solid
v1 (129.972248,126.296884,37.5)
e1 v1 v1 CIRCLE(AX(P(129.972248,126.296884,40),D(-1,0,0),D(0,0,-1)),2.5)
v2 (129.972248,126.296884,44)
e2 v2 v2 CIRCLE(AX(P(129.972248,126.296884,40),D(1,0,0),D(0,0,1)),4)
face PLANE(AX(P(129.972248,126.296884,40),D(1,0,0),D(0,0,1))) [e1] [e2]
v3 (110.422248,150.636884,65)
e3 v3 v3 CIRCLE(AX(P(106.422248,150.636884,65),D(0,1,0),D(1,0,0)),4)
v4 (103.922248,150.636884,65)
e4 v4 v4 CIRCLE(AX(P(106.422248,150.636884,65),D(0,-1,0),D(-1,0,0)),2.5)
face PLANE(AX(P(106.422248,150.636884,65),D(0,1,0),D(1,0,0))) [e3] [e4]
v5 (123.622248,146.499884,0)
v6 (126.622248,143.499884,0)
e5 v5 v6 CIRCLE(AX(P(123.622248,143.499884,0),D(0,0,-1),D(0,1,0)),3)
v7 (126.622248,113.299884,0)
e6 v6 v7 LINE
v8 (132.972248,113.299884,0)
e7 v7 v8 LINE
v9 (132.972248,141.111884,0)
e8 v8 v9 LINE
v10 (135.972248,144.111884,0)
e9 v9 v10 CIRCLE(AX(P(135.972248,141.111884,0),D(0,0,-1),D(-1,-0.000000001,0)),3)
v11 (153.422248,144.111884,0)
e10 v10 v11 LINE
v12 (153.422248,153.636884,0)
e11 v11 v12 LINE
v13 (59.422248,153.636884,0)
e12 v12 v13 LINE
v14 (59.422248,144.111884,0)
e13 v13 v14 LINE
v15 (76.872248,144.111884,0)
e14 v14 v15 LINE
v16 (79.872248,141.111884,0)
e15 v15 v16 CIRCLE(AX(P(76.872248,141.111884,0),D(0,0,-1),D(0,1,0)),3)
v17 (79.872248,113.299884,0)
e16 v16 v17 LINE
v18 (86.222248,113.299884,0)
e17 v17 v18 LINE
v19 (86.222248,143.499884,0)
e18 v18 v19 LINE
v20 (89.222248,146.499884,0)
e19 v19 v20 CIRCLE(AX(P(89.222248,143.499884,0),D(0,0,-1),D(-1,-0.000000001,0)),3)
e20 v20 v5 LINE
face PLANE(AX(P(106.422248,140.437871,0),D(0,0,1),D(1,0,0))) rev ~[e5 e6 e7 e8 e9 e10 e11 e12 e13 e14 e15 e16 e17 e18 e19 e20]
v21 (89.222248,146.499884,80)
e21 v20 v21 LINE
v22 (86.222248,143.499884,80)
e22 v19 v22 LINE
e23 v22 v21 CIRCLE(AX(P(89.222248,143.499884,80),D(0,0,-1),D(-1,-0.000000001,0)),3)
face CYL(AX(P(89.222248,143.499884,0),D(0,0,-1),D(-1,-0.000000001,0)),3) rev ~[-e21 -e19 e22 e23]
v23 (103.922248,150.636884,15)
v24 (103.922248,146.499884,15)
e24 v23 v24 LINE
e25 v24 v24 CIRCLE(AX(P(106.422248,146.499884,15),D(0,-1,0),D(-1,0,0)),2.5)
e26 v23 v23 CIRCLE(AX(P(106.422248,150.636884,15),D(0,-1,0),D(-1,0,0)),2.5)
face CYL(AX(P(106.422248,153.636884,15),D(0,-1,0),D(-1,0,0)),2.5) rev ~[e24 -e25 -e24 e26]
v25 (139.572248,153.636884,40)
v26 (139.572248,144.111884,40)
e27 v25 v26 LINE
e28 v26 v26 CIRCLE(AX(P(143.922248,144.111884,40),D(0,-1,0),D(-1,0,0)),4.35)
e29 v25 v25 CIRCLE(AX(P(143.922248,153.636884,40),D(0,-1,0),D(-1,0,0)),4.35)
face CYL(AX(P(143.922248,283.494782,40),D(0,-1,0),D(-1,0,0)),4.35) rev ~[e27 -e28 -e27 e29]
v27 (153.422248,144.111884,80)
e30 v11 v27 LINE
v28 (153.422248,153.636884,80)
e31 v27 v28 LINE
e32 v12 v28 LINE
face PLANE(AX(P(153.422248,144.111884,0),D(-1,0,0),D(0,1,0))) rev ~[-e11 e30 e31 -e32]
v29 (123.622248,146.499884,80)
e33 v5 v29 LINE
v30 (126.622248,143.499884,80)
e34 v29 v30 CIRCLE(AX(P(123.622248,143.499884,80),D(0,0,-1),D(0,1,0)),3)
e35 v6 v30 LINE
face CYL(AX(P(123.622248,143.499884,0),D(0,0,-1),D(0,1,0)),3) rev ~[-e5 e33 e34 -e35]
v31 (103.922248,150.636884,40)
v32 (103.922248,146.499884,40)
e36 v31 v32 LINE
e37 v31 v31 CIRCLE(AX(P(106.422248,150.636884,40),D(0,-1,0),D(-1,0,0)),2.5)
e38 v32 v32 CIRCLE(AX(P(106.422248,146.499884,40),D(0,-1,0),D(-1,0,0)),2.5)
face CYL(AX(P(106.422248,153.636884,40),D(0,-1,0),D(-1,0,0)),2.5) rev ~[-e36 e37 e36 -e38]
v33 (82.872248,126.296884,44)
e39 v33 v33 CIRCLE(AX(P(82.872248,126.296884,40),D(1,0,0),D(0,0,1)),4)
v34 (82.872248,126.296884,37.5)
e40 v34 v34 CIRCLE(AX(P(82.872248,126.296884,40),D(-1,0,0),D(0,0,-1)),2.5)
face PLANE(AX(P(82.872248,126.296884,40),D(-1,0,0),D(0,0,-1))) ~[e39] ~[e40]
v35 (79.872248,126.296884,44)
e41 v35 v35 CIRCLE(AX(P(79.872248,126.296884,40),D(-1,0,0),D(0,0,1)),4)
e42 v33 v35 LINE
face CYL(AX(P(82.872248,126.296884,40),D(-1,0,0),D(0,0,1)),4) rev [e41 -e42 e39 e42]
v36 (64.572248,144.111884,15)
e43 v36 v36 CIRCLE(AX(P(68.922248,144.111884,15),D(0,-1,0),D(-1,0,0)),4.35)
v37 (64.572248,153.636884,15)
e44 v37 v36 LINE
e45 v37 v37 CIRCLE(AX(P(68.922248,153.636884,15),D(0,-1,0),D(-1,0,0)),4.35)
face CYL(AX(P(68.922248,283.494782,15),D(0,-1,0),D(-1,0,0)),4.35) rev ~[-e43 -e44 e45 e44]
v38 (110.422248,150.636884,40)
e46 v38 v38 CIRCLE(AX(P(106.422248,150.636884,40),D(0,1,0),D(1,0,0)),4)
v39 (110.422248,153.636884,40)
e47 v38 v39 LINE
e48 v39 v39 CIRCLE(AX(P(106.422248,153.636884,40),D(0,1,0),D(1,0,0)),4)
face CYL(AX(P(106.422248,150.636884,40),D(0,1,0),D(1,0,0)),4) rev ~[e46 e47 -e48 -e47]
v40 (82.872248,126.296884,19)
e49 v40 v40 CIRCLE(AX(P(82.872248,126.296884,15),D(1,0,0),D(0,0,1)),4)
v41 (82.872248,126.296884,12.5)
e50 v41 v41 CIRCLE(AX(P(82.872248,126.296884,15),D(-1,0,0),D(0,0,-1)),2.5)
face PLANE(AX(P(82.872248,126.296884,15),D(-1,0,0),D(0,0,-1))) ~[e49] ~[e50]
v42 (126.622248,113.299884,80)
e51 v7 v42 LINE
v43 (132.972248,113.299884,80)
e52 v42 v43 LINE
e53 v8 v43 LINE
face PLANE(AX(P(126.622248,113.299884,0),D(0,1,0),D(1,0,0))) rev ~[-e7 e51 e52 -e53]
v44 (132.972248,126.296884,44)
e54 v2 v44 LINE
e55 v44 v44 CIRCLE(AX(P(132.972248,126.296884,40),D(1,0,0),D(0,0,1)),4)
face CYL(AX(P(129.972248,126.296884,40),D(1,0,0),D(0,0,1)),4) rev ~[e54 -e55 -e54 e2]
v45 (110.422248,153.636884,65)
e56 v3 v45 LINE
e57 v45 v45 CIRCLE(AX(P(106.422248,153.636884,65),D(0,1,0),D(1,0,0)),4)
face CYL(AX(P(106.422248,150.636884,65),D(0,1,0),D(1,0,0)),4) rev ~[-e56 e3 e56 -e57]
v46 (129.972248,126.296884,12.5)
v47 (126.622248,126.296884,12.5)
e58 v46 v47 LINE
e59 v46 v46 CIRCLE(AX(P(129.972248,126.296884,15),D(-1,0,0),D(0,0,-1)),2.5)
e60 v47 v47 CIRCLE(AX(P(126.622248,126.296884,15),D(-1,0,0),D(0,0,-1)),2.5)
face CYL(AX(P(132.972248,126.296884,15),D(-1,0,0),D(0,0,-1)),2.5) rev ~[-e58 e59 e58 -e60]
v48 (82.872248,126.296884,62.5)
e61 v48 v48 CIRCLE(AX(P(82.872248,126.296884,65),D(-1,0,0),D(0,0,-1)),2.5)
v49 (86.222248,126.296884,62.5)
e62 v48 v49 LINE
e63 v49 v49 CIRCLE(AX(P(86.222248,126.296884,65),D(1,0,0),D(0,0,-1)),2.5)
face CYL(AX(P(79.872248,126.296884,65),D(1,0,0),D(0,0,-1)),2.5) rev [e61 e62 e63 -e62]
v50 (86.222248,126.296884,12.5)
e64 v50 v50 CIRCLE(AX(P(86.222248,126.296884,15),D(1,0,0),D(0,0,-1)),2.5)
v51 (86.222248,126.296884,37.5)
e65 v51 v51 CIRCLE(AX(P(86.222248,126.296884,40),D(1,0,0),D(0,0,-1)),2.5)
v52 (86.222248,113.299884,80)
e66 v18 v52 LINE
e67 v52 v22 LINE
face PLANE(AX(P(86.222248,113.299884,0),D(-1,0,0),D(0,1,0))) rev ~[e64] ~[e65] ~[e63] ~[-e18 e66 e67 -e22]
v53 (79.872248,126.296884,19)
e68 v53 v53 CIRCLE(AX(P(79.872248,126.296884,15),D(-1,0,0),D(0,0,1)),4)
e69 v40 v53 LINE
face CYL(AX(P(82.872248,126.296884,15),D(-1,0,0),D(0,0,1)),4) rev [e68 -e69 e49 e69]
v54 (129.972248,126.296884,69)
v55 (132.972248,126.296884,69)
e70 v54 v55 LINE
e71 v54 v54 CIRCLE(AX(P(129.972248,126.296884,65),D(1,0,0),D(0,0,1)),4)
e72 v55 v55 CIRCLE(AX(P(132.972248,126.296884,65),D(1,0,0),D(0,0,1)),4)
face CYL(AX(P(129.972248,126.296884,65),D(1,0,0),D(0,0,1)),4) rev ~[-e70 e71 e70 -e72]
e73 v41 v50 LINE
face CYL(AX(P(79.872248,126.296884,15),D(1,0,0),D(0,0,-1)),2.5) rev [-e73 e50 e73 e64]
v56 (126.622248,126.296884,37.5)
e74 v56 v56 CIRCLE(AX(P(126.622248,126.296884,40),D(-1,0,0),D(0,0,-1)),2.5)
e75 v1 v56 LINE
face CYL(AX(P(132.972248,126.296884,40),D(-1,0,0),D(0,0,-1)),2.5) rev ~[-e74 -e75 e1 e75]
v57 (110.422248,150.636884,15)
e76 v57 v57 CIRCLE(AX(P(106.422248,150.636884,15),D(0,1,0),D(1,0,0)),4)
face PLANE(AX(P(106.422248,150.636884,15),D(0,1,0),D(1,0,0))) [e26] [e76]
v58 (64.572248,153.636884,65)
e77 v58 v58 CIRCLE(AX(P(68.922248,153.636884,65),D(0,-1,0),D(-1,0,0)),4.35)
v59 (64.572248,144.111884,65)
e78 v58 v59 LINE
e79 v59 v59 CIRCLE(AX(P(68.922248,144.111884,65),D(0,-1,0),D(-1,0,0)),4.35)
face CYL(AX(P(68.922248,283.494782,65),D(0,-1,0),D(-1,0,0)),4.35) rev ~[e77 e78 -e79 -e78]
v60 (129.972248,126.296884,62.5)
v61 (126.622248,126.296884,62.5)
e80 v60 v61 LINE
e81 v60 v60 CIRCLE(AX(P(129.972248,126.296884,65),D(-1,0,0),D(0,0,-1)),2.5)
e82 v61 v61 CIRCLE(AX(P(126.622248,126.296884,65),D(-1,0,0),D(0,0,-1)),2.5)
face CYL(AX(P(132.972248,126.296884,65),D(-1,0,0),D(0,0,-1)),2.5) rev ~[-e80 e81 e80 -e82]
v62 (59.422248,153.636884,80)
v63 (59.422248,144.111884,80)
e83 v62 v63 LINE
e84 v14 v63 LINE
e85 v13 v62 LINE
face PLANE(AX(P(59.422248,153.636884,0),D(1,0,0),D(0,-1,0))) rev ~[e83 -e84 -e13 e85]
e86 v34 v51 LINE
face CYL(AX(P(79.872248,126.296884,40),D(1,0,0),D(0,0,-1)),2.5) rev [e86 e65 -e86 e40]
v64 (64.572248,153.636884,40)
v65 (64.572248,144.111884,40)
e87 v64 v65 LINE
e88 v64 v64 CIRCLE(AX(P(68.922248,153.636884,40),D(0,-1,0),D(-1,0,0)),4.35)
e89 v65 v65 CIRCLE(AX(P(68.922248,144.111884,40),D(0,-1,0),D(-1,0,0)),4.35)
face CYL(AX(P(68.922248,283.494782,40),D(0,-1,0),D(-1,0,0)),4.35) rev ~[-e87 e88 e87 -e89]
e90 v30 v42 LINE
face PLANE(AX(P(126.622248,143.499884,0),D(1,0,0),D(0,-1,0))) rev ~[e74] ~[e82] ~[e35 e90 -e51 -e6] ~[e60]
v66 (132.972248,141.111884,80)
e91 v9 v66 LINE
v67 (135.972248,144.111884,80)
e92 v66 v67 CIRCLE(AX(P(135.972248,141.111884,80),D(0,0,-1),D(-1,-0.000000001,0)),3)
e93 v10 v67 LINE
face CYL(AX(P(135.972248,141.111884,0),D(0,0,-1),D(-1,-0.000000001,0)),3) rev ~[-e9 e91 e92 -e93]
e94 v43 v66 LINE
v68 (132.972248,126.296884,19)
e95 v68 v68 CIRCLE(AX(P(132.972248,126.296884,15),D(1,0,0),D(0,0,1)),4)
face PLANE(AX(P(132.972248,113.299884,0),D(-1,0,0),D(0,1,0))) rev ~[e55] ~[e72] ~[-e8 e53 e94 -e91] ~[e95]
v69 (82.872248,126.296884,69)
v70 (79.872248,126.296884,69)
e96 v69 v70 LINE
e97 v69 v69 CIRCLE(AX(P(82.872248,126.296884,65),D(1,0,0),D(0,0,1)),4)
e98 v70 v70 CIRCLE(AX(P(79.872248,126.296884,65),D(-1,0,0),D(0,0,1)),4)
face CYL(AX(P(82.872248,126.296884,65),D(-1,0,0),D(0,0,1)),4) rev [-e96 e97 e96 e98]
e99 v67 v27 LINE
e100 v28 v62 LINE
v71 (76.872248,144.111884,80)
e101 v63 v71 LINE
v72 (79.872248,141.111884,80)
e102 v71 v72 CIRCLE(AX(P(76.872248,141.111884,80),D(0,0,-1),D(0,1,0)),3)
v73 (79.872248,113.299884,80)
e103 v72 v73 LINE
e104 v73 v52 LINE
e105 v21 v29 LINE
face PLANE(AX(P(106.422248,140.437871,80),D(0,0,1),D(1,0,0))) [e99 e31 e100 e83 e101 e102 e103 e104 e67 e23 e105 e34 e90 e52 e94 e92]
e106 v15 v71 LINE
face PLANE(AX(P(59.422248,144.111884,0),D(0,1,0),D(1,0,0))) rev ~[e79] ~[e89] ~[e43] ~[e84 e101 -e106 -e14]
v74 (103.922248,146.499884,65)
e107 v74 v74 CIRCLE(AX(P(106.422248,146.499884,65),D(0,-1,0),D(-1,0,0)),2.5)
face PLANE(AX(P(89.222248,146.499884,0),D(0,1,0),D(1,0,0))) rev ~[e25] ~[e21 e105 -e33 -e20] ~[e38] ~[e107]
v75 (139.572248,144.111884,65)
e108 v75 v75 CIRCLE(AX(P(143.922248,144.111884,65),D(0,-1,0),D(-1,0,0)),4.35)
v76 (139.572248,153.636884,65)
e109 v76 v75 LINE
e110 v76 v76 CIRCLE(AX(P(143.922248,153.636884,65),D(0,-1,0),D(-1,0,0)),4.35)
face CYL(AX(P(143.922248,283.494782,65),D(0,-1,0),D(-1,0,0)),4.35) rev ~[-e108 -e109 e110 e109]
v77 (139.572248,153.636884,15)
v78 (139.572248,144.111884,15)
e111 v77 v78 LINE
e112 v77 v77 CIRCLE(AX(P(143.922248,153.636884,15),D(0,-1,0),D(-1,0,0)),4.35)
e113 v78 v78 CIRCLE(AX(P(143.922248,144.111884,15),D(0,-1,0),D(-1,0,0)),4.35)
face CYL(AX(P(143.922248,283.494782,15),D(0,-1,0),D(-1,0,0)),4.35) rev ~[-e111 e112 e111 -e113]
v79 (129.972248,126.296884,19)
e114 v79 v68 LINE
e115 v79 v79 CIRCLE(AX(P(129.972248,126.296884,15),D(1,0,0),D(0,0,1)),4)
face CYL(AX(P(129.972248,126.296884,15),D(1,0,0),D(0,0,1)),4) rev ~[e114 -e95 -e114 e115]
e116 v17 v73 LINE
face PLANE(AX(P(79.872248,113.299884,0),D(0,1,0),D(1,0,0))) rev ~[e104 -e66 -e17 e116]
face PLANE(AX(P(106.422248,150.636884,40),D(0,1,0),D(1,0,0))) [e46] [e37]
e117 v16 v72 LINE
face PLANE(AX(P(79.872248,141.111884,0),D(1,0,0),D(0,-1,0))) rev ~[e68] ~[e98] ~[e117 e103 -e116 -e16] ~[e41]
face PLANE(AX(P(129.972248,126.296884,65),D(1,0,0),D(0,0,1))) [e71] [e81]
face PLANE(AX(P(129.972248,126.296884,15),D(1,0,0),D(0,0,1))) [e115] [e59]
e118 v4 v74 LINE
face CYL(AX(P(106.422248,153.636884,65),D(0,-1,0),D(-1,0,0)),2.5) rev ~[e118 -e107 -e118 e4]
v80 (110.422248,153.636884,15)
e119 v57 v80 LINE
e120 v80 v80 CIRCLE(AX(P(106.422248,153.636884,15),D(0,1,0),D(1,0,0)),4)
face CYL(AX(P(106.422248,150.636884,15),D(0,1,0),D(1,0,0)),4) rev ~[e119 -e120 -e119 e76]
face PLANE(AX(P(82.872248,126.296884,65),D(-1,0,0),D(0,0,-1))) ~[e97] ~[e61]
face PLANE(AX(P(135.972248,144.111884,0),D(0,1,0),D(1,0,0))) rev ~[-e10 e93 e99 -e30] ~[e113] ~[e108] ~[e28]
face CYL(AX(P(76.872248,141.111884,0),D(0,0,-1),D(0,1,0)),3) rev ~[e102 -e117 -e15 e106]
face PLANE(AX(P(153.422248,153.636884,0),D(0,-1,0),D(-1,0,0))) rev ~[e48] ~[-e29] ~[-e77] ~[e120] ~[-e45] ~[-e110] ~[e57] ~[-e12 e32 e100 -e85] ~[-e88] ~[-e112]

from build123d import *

# Parameters (mm, degrees)
EXTRUDE1_DEPTH            = 80
M8_7_8_7_DIAMETER_HOLE1_D = 8.7
HOLE1_D                   = 5
HOLE1_CBORE_D             = 8
HOLE1_CBORE_DEPTH         = 3
HOLE2_D                   = 5
HOLE2_DEPTH               = 7
HOLE2_CBORE_D             = 8
HOLE2_CBORE_DEPTH         = 3


with BuildPart() as part:
    # Sketch2 → Extrude1 (new body)
    with BuildSketch(Plane.XY):
        with BuildLine():
            Line((153.422248213, 153.636884267), (59.422248213, 153.636884267))
            Line((59.422248213, 153.636884267), (59.422248213, 144.111884267))
            Line((59.422248213, 144.111884267), (76.872248213, 144.111884267))
            ThreePointArc((76.872248213, 144.111884267), (78.993568556, 143.233204611), (79.872248213, 141.111884267))
            Line((79.872248213, 141.111884267), (79.872248213, 113.299884267))
            Line((79.872248213, 113.299884267), (86.222248213, 113.299884267))
            Line((86.222248213, 113.299884267), (86.222248213, 138.349884267))
            Line((86.222248213, 138.349884267), (86.222248213, 143.499884267))
            ThreePointArc((86.222248213, 143.499884267), (87.100927869, 145.621204611), (89.222248213, 146.499884267))
            Line((89.222248213, 146.499884267), (94.372248213, 146.499884267))
            Line((94.372248213, 146.499884267), (118.472248213, 146.499884267))
            Line((118.472248213, 146.499884267), (123.622248213, 146.499884267))
            ThreePointArc((123.622248213, 146.499884267), (125.743568556, 145.621204611), (126.622248213, 143.499884267))
            Line((126.622248213, 143.499884267), (126.622248213, 138.349884267))
            Line((126.622248213, 138.349884267), (126.622248213, 113.299884267))
            Line((126.622248213, 113.299884267), (132.972248213, 113.299884267))
            Line((132.972248213, 113.299884267), (132.972248213, 141.111884267))
            ThreePointArc((132.972248213, 141.111884267), (133.850927869, 143.233204611), (135.972248213, 144.111884267))
            Line((135.972248213, 144.111884267), (153.422248213, 144.111884267))
            Line((153.422248213, 144.111884267), (153.422248213, 153.636884267))
        make_face()
    extrude(amount=EXTRUDE1_DEPTH)

    # M8.7 (8.7) Diameter Hole1 (through all)
    with Locations(Plane(origin=(68.922248213, 153.636884267, 65), x_dir=(1, 0, 0), z_dir=(0, 1, 0))):
        with Locations((0, 0), (0, 25), (0, 50), (75, 50), (75, 25), (75, 0)):
            Hole(M8_7_8_7_DIAMETER_HOLE1_D / 2)

    # Hole1 (through all)
    with Locations(Plane(origin=(106.422248213, 153.636884267, 65), x_dir=(1, 0, 0), z_dir=(0, 1, 0))):
        with Locations((0, 0), (0, 25), (0, 50)):
            CounterBoreHole(HOLE1_D / 2, HOLE1_CBORE_D / 2, HOLE1_CBORE_DEPTH)

    # Hole2
    with Locations(Plane(origin=(132.972248213, 126.296884267, 65), x_dir=(0, 0, 1), z_dir=(1, 0, 0))):
        with Locations((0, 0), (-25, 0), (-50, 0)):
            hole2 = CounterBoreHole(HOLE2_D / 2, HOLE2_CBORE_D / 2, HOLE2_CBORE_DEPTH, depth=HOLE2_DEPTH)

    # Mirror1: Hole2 across plane
    add(hole2.mirror(Plane.ZY.offset(-106.422248213)), mode=Mode.SUBTRACT)


solid = part.part
